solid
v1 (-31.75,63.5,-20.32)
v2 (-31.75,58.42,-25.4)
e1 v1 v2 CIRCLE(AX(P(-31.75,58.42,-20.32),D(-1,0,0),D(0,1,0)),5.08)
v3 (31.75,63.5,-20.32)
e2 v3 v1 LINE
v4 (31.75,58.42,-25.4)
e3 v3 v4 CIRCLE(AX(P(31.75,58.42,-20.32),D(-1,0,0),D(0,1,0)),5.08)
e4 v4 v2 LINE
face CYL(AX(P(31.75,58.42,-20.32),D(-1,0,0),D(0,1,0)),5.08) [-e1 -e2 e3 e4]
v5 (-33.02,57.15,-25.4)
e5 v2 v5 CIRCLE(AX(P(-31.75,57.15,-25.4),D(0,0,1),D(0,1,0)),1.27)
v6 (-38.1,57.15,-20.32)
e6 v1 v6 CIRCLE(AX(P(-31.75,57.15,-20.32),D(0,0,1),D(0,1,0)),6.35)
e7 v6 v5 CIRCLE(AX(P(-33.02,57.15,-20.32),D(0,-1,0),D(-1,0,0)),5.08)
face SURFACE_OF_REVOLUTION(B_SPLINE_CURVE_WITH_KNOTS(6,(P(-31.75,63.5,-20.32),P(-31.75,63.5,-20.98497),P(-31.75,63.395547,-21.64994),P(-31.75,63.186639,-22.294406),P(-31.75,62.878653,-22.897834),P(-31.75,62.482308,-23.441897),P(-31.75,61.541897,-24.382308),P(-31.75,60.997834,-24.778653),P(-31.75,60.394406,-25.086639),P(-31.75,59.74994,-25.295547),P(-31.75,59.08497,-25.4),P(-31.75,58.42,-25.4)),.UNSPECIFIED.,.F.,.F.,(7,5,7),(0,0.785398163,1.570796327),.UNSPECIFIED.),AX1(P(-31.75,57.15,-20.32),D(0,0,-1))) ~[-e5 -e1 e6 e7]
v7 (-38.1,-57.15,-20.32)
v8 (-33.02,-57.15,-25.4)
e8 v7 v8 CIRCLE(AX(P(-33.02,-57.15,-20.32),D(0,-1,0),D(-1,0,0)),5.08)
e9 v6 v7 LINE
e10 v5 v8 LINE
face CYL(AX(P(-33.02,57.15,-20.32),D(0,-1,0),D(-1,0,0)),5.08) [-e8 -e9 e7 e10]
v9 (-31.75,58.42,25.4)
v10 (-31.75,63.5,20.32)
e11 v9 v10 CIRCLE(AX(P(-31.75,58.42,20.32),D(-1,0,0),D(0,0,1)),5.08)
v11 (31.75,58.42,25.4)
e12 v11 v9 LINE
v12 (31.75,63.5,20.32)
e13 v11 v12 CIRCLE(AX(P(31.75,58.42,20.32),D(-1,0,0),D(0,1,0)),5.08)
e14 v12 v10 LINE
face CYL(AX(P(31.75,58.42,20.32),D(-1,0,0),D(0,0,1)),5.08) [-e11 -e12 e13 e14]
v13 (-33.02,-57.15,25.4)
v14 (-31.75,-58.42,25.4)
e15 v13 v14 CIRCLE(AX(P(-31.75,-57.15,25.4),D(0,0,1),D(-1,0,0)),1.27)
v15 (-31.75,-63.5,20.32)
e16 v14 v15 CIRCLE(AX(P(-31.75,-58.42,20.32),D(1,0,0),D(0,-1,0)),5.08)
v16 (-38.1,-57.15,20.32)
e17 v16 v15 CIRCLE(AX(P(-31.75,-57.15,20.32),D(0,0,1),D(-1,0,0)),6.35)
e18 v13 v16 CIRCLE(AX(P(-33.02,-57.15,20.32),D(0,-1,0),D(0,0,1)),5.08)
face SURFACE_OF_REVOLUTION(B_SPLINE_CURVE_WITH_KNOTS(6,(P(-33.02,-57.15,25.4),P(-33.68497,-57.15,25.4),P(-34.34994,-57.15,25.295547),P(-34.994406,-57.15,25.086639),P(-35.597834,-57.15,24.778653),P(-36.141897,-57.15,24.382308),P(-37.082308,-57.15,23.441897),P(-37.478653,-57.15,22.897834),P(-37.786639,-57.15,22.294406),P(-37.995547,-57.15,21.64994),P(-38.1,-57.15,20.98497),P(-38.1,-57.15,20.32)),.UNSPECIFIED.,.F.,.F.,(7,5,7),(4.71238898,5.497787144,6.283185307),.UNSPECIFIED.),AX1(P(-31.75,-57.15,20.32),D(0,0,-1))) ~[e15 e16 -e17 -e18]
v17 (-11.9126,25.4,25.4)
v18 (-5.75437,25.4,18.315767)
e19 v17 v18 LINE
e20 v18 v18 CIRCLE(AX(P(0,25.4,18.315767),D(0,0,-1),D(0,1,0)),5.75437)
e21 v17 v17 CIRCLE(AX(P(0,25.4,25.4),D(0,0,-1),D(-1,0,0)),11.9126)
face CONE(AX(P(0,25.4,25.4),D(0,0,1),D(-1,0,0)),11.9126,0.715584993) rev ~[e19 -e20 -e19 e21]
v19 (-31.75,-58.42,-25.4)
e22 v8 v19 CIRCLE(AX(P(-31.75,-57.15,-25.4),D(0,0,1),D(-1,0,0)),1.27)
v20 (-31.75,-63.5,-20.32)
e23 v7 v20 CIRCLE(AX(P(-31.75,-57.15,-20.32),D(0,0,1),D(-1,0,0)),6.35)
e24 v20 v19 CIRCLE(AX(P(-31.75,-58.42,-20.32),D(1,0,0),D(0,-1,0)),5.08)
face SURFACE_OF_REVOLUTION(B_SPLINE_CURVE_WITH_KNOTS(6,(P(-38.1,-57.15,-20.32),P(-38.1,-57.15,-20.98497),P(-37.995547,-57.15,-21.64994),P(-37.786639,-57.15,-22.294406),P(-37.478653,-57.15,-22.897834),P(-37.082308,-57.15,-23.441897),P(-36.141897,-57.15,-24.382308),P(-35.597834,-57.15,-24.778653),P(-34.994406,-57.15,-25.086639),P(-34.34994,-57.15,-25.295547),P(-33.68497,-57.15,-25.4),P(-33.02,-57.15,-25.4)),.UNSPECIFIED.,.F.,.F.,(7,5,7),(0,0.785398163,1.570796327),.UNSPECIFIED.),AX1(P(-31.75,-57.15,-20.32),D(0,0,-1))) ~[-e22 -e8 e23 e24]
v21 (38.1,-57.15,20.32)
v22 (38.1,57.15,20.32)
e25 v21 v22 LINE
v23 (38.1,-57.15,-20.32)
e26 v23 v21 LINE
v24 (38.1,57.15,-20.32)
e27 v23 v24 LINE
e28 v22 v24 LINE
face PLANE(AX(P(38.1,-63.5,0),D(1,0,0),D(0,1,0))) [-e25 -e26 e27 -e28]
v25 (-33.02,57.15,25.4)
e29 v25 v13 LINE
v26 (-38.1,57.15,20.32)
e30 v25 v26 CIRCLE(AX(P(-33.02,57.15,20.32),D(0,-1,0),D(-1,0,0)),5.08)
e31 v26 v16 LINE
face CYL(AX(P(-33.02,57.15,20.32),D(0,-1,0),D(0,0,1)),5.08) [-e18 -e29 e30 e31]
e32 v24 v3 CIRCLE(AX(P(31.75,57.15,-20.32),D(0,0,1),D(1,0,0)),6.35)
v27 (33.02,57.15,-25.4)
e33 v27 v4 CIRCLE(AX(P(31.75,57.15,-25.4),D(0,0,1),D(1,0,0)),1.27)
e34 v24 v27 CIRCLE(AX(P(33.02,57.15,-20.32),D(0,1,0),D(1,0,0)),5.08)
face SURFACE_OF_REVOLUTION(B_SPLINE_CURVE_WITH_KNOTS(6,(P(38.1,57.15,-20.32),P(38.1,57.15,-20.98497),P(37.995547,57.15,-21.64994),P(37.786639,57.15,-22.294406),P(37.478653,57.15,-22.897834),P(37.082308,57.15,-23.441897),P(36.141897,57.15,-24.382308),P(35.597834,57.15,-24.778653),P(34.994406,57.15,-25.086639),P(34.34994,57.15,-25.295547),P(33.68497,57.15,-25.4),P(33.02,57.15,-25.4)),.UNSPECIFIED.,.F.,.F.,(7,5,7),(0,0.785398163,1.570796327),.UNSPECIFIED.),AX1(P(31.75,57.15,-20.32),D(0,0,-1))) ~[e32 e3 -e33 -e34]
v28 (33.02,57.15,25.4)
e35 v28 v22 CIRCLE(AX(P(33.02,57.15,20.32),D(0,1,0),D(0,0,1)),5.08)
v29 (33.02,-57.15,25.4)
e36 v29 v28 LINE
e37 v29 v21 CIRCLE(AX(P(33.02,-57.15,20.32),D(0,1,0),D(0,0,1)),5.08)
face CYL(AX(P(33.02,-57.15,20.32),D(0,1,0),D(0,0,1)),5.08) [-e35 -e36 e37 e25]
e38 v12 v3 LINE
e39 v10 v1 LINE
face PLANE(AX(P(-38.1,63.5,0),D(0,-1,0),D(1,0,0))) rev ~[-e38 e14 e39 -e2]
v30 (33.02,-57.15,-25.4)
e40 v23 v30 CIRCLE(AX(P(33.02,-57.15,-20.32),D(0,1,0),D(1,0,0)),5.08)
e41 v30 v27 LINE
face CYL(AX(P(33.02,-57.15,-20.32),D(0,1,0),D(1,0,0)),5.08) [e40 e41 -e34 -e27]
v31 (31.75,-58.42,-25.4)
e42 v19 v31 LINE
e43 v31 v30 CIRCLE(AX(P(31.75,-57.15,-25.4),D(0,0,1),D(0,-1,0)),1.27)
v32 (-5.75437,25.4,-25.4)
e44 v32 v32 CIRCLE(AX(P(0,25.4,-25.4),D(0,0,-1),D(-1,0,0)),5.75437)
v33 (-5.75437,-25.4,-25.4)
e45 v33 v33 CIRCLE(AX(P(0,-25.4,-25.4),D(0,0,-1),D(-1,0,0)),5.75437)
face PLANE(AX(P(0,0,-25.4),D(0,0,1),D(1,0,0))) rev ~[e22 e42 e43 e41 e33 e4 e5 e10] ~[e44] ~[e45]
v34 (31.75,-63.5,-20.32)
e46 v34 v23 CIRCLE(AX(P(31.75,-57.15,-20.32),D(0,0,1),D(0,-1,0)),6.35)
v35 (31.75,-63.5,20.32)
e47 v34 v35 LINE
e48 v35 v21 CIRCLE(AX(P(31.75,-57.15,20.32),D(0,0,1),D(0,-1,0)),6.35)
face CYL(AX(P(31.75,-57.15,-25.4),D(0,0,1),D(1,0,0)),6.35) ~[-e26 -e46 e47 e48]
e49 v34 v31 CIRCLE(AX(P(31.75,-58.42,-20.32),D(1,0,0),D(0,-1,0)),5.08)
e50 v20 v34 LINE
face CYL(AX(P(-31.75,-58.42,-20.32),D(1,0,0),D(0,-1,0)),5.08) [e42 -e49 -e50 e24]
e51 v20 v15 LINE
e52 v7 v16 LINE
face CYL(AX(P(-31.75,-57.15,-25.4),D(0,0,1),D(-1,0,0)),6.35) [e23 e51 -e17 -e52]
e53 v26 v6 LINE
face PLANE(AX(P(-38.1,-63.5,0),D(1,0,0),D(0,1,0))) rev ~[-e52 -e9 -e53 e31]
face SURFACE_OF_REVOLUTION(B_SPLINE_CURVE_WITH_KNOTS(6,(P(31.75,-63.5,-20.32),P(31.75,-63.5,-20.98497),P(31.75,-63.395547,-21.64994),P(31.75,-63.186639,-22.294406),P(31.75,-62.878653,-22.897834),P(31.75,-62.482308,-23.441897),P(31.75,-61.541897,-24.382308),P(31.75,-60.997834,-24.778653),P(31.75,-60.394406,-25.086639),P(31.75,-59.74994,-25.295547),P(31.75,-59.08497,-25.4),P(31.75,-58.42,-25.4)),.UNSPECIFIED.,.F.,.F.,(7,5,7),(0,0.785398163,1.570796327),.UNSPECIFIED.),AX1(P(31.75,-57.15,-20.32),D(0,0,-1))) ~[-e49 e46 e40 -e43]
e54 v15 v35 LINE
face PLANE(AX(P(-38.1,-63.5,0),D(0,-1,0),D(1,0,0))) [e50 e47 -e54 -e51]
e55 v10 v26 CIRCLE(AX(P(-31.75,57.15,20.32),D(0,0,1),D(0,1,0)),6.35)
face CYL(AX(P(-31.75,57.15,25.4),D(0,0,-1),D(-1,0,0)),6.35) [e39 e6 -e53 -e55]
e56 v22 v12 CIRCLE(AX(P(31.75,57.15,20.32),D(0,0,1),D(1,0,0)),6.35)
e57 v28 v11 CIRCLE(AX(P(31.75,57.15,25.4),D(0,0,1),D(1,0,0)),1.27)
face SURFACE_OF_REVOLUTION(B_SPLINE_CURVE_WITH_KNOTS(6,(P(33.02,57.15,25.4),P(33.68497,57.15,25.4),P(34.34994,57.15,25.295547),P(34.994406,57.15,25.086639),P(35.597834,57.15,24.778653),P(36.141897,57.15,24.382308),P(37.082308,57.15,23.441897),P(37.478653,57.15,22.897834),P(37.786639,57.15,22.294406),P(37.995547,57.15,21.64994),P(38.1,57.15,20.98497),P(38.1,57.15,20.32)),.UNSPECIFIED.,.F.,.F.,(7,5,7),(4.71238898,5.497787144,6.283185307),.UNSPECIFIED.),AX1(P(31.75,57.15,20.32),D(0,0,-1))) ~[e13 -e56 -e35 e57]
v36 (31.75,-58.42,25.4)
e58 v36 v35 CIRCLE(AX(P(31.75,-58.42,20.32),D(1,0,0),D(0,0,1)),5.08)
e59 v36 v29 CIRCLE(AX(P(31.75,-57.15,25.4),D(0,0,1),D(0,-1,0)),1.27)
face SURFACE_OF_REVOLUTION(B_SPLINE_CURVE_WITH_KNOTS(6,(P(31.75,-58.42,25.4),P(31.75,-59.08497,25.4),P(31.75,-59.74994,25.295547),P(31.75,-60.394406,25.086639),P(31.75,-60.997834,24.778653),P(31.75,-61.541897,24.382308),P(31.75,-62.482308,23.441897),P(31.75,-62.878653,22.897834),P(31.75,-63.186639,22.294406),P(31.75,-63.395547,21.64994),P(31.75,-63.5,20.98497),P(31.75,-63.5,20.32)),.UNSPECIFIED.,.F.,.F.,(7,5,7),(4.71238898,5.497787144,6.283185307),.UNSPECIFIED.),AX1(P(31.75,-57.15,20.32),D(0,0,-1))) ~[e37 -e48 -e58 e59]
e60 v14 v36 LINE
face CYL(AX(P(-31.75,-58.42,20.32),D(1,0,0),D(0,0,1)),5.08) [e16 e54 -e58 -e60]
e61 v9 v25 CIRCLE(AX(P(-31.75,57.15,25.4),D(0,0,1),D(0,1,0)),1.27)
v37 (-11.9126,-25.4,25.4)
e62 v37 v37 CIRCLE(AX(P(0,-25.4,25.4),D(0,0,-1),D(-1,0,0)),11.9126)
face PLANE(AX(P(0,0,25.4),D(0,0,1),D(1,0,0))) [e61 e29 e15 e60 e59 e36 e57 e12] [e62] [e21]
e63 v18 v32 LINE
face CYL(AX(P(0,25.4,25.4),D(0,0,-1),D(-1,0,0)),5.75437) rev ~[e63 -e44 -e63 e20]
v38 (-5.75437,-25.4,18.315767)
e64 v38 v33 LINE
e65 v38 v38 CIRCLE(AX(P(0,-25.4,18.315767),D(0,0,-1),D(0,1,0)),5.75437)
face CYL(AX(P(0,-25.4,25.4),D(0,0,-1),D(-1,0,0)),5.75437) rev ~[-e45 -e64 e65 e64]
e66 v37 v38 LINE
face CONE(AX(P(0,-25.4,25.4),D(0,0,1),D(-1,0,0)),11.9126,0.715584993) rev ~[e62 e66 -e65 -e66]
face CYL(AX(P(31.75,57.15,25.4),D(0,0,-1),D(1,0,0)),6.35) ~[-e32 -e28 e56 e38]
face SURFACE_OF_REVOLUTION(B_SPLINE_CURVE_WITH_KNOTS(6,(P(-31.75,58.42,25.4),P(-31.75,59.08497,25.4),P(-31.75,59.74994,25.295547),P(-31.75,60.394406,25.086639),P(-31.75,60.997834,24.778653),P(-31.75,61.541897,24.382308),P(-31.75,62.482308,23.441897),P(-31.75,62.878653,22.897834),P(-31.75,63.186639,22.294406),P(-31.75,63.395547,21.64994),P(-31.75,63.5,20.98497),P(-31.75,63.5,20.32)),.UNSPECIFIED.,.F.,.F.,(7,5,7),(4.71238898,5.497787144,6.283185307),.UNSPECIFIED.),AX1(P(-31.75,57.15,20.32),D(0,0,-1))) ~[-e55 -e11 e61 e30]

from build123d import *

# Parameters (mm, degrees)
F0_W           = 76.2
F0_H           = 127
F1_DEPTH       = 25.4
F2_R           = 6.35
F4_D           = 11.50874
F4_CSINK_D     = 23.8252
F4_CSINK_ANGLE = 82
F5_R           = 5.08


with BuildPart() as f1:
    # F0 (on Top) → F1 (new body, symmetric)
    with BuildSketch(Plane.XY):
        Rectangle(F0_W, F0_H)
    extrude(amount=F1_DEPTH, both=True)

    # F2
    f2_edges = [f1.edges().sort_by_distance(p)[0] for p in [
        (38.1, -63.5, 0),
        (38.1, 63.5, 0),
        (-38.1, -63.5, 0),
        (-38.1, 63.5, 0),
    ]]
    fillet(f2_edges, radius=F2_R)

    # F4 (through all)
    with Locations(Plane.XY.offset(25.4)):
        with Locations((0, -25.4), (0, 25.4)):
            CounterSinkHole(F4_D / 2, F4_CSINK_D / 2, counter_sink_angle=F4_CSINK_ANGLE)

    # F5
    f5_edges = [f1.edges().sort_by_distance(p)[0] for p in [
        (38.1, 0, 25.4),
        (38.1, 0, -25.4),
    ]]
    fillet(f5_edges, radius=F5_R)


solid = f1.part
